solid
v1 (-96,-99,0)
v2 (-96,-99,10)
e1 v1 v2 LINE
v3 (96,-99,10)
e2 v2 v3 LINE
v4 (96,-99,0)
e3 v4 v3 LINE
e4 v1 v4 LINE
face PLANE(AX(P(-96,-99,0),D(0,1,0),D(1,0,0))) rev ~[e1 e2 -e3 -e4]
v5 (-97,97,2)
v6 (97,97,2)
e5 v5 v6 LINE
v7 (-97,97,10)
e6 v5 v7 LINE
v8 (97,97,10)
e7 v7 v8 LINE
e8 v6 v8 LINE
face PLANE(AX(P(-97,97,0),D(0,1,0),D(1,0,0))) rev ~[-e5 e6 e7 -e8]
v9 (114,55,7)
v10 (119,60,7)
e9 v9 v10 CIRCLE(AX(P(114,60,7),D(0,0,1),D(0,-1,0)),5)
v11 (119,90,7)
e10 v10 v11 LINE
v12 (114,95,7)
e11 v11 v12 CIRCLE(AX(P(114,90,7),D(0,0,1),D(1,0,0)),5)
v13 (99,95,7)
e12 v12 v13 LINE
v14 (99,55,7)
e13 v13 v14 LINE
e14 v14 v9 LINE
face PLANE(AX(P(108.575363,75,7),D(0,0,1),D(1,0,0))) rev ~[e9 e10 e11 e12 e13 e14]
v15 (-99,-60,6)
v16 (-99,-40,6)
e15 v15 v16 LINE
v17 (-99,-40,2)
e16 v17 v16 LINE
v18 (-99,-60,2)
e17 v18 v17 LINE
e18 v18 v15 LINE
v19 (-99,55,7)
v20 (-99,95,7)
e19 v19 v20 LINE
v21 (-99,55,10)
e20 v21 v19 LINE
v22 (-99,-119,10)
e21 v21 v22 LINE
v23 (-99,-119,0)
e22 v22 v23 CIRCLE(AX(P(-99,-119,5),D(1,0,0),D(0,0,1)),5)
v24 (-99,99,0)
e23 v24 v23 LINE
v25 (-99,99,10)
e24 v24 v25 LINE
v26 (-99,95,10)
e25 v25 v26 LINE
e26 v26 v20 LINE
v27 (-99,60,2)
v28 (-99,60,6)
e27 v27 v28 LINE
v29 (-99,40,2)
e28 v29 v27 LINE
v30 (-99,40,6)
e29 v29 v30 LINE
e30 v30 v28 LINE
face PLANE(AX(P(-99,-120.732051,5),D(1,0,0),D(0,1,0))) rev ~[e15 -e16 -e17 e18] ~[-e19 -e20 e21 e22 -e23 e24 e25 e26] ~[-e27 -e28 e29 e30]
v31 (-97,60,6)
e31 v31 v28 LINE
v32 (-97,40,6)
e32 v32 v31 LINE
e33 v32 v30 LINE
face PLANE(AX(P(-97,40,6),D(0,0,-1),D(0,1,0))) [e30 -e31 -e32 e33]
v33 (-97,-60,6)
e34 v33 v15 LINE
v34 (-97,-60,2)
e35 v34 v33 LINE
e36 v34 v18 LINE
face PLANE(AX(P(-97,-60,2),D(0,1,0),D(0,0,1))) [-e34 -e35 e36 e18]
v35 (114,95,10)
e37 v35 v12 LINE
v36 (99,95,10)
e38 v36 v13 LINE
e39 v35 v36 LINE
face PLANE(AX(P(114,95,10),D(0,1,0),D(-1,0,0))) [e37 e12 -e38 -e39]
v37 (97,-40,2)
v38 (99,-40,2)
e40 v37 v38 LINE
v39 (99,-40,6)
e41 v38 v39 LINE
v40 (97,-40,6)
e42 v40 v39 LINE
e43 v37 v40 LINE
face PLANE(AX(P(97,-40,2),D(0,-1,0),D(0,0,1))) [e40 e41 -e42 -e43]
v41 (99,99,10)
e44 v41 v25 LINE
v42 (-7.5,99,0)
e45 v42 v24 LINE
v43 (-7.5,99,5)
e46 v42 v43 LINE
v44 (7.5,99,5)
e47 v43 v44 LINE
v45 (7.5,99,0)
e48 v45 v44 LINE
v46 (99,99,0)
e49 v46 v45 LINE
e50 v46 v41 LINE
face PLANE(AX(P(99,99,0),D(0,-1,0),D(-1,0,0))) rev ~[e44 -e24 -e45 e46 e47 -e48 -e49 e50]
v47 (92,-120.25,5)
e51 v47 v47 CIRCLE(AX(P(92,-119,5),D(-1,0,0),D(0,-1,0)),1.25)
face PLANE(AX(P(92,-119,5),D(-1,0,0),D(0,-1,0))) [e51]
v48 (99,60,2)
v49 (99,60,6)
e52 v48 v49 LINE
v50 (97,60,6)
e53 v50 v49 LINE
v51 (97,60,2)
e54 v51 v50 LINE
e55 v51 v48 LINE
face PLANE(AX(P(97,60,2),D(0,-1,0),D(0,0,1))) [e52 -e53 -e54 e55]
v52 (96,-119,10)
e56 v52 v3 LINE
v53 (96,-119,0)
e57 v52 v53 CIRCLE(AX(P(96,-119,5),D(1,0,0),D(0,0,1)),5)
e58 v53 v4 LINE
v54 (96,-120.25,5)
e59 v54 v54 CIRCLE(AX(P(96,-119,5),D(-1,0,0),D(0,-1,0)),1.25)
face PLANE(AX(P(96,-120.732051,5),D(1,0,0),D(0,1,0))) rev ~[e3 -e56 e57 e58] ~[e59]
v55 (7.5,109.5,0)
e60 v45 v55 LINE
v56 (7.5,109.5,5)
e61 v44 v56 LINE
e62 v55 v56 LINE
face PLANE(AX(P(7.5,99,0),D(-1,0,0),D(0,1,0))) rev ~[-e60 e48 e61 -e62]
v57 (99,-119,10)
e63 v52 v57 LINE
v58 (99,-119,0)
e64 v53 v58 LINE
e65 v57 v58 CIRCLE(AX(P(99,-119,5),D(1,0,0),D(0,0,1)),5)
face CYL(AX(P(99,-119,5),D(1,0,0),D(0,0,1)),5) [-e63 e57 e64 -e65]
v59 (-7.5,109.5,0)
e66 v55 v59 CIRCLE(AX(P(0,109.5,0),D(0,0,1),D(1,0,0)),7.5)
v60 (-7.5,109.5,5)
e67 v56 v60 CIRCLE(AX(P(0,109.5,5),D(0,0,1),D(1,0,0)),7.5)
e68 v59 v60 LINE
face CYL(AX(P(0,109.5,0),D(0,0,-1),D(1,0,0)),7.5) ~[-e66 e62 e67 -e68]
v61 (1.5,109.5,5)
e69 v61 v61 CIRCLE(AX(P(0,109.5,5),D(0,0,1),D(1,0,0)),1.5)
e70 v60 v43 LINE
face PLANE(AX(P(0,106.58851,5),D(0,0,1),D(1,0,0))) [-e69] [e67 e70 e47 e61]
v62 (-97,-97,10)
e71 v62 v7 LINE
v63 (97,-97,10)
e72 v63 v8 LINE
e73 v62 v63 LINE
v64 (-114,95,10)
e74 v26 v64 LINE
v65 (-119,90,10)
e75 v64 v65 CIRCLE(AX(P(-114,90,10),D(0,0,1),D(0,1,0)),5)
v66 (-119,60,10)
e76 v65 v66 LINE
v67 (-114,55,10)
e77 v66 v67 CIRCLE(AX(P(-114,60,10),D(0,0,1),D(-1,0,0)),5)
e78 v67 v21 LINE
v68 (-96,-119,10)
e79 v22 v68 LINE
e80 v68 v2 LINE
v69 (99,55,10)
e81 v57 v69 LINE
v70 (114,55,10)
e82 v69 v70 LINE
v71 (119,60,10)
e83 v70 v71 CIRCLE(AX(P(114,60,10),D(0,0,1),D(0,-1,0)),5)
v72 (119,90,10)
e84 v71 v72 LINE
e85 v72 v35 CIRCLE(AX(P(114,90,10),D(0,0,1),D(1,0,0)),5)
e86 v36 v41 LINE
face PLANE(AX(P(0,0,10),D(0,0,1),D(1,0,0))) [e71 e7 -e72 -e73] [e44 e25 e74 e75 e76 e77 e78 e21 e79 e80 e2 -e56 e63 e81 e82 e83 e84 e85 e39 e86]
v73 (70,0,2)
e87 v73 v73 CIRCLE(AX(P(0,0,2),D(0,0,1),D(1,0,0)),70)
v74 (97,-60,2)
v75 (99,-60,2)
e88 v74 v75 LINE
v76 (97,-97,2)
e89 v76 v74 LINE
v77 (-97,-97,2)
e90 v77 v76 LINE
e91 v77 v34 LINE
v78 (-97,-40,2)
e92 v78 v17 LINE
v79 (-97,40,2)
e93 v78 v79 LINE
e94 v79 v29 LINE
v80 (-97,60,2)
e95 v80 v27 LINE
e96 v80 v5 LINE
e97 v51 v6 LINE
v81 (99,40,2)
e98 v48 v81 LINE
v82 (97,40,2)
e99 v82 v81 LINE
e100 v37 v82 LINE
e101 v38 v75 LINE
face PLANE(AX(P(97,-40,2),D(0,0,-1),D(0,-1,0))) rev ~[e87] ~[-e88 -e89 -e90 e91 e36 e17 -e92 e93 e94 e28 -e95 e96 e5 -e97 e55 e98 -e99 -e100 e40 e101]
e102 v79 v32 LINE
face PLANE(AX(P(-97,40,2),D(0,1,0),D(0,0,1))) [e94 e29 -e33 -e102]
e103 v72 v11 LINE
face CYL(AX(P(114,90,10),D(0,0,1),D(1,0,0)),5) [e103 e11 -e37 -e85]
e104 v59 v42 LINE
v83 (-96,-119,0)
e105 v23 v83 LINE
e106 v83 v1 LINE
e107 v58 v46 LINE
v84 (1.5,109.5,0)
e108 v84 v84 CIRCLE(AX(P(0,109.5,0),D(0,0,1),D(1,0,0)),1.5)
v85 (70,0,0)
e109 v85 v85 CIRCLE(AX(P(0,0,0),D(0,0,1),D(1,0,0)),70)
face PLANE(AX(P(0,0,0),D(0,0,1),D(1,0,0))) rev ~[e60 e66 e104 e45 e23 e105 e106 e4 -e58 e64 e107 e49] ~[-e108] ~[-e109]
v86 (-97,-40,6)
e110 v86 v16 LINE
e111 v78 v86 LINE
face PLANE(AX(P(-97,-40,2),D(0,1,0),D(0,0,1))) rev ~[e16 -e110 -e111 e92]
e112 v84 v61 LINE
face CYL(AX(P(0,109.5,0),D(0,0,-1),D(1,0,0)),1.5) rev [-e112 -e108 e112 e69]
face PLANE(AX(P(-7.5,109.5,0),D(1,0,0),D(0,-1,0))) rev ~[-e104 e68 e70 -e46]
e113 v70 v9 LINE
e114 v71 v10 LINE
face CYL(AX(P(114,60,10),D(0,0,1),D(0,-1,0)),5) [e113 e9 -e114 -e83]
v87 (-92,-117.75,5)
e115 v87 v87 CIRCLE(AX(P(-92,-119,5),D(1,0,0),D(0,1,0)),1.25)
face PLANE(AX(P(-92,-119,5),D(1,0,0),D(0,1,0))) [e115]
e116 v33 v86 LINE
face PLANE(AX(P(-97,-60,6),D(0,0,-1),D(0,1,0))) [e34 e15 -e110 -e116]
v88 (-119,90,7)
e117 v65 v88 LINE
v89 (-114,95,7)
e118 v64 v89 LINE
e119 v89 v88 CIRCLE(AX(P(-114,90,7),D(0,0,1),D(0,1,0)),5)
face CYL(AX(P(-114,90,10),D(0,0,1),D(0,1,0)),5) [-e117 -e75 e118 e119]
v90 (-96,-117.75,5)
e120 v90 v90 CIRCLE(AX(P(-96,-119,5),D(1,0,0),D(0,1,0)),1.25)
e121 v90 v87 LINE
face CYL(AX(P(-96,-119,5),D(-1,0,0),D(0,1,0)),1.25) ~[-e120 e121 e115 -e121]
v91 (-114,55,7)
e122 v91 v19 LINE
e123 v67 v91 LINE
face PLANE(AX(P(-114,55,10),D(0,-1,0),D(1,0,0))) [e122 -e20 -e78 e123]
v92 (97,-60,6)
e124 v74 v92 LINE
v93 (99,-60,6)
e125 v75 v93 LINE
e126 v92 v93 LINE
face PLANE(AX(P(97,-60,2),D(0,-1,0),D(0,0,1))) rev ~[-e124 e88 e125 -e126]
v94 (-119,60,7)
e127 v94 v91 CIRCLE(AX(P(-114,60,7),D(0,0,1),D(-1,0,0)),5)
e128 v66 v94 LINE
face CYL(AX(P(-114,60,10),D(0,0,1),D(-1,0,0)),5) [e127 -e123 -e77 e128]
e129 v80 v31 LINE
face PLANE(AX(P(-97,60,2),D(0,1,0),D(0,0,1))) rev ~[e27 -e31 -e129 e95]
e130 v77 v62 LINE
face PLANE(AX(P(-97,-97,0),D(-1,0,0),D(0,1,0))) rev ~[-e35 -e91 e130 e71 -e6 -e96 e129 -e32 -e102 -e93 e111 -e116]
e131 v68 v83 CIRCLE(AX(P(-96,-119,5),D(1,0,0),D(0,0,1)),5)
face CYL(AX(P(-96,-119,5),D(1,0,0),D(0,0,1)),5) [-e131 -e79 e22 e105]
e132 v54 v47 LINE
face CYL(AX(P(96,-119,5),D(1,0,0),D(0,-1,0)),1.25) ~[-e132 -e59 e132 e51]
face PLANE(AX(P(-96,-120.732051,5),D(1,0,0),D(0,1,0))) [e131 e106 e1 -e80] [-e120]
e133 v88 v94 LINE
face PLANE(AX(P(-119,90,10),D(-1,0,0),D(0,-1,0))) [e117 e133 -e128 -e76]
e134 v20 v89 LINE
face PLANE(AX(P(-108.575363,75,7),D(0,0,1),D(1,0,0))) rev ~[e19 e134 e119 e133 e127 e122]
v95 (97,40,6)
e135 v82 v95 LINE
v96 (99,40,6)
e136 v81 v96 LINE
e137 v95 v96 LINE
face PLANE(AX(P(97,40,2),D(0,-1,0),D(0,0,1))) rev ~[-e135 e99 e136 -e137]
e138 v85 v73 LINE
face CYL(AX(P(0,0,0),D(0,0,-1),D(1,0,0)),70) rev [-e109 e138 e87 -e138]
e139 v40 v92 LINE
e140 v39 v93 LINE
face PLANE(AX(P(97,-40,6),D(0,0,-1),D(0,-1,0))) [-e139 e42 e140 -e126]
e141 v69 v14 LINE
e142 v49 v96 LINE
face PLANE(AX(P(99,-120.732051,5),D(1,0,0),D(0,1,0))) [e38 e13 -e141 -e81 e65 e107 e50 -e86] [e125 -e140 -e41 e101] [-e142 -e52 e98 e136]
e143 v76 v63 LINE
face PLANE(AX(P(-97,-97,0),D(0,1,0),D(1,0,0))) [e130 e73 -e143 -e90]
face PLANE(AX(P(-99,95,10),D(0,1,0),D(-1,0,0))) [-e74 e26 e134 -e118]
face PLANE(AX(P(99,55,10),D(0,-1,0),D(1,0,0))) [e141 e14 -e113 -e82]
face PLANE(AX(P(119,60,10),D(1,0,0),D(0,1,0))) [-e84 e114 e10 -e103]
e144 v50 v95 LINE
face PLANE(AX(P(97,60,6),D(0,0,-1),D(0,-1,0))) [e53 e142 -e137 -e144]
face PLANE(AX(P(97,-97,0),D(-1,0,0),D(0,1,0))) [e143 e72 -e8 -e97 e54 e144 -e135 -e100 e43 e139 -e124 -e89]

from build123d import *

# Parameters (mm, degrees)
F0_W      = 194
F0_H      = 194
F0_R      = 70
F1_DEPTH  = 2
F0_R_2    = 1.5
F2_DEPTH  = 5
F0_W_2    = 3
F0_H_2    = 20
F3_DEPTH  = 10
F5_DEPTH  = 3
F7_DEPTH  = 3
F8_R      = 1.25
F9_DEPTH  = 4
F11_R     = 1.25
F12_DEPTH = 4
F14_DEPTH = 3
F15_W     = 20
F15_H     = 4
F16_DEPTH = 2
F17_W     = 20
F17_H     = 4
F18_DEPTH = 2


with BuildPart() as f1:
    # F0 (on Top) → F1 (new body)
    with BuildSketch(Plane.XY):
        Rectangle(F0_W, F0_H)
        Circle(F0_R, mode=Mode.SUBTRACT)
    extrude(amount=F1_DEPTH)



with BuildPart() as f2:
    # F0 (on Top) → F2 (new body)
    with BuildSketch(Plane.XY):
        with BuildLine():
            Line((-7.5, 99), (7.5, 99))
            Line((7.5, 99), (7.5, 109.5))
            ThreePointArc((7.5, 109.5), (0, 117), (-7.5, 109.5))
            Line((-7.5, 109.5), (-7.5, 99))
        make_face()
        with Locations((0, 109.5)):
            Circle(F0_R_2, mode=Mode.SUBTRACT)
    extrude(amount=F2_DEPTH)


with BuildPart() as f1_1:
    add(f1.part)

    add(f2.part)  # F3 merges F2
    # F0 (on Top) → F3 (join)
    with BuildSketch(Plane.XY):
        Polygon((96, -99), (99, -99), (99, 99), (7.5, 99), (-7.5, 99), (-99, 99), (-99, -99), (-96, -99), align=None)
        Rectangle(F0_W, F0_H, mode=Mode.SUBTRACT)
        with Locations((-97.5, -109)):
            Rectangle(F0_W_2, F0_H_2)
        with Locations((97.5, -109)):
            Rectangle(F0_W_2, F0_H_2)
    extrude(amount=F3_DEPTH)

    # F4 (on face) → F5 (join)
    with BuildSketch(Plane.YZ.offset(-96)):
        with BuildLine():
            Line((-119, 0), (-119, 10))
            ThreePointArc((-119, 10), (-124, 5), (-119, 0))
        make_face()
    extrude(amount=-F5_DEPTH)

    # F6 (on face) → F7 (join)
    with BuildSketch(Plane.YZ.offset(99)):
        with BuildLine():
            Line((-119, 0), (-119, 10))
            ThreePointArc((-119, 10), (-124, 5), (-119, 0))
        make_face()
    extrude(amount=-F7_DEPTH)

    # F8 (on face) → F9 (join)
    with BuildSketch(Plane.YZ.offset(-96)):
        with Locations((-119, 5)):
            Circle(F8_R)
    extrude(amount=F9_DEPTH)

    # F11 (on offset) → F12 (join)
    with BuildSketch(Plane(origin=(96, 0, 0), x_dir=(0, -1, 0), z_dir=(-1, 0, 0))):
        with Locations((119, 5)):
            Circle(F11_R)
    extrude(amount=F12_DEPTH)

    # F13 (on face) → F14 (join)
    with BuildSketch(Plane.XY.offset(10)):
        with BuildLine():
            Line((-99, 55), (-99, 95))
            Line((-99, 95), (-114, 95))
            ThreePointArc((-114, 95), (-117.5355339059, 93.5355339059), (-119, 90))
            Line((-119, 90), (-119, 60))
            ThreePointArc((-119, 60), (-117.5355339059, 56.4644660941), (-114, 55))
            Line((-114, 55), (-99, 55))
        make_face()
        with BuildLine():
            Line((114, 95), (99, 95))
            Line((99, 95), (99, 55))
            Line((99, 55), (114, 55))
            ThreePointArc((114, 55), (117.5355339059, 56.4644660941), (119, 60))
            Line((119, 60), (119, 90))
            ThreePointArc((119, 90), (117.5355339059, 93.5355339059), (114, 95))
        make_face()
    extrude(amount=-F14_DEPTH)

    # F15 (on face) → F16 (cut, through all)
    with BuildSketch(Plane.YZ.offset(-97)):
        with Locations((-50, 4)):
            Rectangle(F15_W, F15_H)
        with Locations((50, 4)):
            Rectangle(F15_W, F15_H)
    extrude(amount=-F16_DEPTH, mode=Mode.SUBTRACT)

    # F17 (on face) → F18 (cut, through all)
    with BuildSketch(Plane(origin=(97, 0, 0), x_dir=(0, -1, 0), z_dir=(-1, 0, 0))):
        with Locations((50, 4)):
            Rectangle(F17_W, F17_H)
        with Locations((-50, 4)):
            Rectangle(F17_W, F17_H)
    extrude(amount=-F18_DEPTH, mode=Mode.SUBTRACT)


solid = f1_1.part
